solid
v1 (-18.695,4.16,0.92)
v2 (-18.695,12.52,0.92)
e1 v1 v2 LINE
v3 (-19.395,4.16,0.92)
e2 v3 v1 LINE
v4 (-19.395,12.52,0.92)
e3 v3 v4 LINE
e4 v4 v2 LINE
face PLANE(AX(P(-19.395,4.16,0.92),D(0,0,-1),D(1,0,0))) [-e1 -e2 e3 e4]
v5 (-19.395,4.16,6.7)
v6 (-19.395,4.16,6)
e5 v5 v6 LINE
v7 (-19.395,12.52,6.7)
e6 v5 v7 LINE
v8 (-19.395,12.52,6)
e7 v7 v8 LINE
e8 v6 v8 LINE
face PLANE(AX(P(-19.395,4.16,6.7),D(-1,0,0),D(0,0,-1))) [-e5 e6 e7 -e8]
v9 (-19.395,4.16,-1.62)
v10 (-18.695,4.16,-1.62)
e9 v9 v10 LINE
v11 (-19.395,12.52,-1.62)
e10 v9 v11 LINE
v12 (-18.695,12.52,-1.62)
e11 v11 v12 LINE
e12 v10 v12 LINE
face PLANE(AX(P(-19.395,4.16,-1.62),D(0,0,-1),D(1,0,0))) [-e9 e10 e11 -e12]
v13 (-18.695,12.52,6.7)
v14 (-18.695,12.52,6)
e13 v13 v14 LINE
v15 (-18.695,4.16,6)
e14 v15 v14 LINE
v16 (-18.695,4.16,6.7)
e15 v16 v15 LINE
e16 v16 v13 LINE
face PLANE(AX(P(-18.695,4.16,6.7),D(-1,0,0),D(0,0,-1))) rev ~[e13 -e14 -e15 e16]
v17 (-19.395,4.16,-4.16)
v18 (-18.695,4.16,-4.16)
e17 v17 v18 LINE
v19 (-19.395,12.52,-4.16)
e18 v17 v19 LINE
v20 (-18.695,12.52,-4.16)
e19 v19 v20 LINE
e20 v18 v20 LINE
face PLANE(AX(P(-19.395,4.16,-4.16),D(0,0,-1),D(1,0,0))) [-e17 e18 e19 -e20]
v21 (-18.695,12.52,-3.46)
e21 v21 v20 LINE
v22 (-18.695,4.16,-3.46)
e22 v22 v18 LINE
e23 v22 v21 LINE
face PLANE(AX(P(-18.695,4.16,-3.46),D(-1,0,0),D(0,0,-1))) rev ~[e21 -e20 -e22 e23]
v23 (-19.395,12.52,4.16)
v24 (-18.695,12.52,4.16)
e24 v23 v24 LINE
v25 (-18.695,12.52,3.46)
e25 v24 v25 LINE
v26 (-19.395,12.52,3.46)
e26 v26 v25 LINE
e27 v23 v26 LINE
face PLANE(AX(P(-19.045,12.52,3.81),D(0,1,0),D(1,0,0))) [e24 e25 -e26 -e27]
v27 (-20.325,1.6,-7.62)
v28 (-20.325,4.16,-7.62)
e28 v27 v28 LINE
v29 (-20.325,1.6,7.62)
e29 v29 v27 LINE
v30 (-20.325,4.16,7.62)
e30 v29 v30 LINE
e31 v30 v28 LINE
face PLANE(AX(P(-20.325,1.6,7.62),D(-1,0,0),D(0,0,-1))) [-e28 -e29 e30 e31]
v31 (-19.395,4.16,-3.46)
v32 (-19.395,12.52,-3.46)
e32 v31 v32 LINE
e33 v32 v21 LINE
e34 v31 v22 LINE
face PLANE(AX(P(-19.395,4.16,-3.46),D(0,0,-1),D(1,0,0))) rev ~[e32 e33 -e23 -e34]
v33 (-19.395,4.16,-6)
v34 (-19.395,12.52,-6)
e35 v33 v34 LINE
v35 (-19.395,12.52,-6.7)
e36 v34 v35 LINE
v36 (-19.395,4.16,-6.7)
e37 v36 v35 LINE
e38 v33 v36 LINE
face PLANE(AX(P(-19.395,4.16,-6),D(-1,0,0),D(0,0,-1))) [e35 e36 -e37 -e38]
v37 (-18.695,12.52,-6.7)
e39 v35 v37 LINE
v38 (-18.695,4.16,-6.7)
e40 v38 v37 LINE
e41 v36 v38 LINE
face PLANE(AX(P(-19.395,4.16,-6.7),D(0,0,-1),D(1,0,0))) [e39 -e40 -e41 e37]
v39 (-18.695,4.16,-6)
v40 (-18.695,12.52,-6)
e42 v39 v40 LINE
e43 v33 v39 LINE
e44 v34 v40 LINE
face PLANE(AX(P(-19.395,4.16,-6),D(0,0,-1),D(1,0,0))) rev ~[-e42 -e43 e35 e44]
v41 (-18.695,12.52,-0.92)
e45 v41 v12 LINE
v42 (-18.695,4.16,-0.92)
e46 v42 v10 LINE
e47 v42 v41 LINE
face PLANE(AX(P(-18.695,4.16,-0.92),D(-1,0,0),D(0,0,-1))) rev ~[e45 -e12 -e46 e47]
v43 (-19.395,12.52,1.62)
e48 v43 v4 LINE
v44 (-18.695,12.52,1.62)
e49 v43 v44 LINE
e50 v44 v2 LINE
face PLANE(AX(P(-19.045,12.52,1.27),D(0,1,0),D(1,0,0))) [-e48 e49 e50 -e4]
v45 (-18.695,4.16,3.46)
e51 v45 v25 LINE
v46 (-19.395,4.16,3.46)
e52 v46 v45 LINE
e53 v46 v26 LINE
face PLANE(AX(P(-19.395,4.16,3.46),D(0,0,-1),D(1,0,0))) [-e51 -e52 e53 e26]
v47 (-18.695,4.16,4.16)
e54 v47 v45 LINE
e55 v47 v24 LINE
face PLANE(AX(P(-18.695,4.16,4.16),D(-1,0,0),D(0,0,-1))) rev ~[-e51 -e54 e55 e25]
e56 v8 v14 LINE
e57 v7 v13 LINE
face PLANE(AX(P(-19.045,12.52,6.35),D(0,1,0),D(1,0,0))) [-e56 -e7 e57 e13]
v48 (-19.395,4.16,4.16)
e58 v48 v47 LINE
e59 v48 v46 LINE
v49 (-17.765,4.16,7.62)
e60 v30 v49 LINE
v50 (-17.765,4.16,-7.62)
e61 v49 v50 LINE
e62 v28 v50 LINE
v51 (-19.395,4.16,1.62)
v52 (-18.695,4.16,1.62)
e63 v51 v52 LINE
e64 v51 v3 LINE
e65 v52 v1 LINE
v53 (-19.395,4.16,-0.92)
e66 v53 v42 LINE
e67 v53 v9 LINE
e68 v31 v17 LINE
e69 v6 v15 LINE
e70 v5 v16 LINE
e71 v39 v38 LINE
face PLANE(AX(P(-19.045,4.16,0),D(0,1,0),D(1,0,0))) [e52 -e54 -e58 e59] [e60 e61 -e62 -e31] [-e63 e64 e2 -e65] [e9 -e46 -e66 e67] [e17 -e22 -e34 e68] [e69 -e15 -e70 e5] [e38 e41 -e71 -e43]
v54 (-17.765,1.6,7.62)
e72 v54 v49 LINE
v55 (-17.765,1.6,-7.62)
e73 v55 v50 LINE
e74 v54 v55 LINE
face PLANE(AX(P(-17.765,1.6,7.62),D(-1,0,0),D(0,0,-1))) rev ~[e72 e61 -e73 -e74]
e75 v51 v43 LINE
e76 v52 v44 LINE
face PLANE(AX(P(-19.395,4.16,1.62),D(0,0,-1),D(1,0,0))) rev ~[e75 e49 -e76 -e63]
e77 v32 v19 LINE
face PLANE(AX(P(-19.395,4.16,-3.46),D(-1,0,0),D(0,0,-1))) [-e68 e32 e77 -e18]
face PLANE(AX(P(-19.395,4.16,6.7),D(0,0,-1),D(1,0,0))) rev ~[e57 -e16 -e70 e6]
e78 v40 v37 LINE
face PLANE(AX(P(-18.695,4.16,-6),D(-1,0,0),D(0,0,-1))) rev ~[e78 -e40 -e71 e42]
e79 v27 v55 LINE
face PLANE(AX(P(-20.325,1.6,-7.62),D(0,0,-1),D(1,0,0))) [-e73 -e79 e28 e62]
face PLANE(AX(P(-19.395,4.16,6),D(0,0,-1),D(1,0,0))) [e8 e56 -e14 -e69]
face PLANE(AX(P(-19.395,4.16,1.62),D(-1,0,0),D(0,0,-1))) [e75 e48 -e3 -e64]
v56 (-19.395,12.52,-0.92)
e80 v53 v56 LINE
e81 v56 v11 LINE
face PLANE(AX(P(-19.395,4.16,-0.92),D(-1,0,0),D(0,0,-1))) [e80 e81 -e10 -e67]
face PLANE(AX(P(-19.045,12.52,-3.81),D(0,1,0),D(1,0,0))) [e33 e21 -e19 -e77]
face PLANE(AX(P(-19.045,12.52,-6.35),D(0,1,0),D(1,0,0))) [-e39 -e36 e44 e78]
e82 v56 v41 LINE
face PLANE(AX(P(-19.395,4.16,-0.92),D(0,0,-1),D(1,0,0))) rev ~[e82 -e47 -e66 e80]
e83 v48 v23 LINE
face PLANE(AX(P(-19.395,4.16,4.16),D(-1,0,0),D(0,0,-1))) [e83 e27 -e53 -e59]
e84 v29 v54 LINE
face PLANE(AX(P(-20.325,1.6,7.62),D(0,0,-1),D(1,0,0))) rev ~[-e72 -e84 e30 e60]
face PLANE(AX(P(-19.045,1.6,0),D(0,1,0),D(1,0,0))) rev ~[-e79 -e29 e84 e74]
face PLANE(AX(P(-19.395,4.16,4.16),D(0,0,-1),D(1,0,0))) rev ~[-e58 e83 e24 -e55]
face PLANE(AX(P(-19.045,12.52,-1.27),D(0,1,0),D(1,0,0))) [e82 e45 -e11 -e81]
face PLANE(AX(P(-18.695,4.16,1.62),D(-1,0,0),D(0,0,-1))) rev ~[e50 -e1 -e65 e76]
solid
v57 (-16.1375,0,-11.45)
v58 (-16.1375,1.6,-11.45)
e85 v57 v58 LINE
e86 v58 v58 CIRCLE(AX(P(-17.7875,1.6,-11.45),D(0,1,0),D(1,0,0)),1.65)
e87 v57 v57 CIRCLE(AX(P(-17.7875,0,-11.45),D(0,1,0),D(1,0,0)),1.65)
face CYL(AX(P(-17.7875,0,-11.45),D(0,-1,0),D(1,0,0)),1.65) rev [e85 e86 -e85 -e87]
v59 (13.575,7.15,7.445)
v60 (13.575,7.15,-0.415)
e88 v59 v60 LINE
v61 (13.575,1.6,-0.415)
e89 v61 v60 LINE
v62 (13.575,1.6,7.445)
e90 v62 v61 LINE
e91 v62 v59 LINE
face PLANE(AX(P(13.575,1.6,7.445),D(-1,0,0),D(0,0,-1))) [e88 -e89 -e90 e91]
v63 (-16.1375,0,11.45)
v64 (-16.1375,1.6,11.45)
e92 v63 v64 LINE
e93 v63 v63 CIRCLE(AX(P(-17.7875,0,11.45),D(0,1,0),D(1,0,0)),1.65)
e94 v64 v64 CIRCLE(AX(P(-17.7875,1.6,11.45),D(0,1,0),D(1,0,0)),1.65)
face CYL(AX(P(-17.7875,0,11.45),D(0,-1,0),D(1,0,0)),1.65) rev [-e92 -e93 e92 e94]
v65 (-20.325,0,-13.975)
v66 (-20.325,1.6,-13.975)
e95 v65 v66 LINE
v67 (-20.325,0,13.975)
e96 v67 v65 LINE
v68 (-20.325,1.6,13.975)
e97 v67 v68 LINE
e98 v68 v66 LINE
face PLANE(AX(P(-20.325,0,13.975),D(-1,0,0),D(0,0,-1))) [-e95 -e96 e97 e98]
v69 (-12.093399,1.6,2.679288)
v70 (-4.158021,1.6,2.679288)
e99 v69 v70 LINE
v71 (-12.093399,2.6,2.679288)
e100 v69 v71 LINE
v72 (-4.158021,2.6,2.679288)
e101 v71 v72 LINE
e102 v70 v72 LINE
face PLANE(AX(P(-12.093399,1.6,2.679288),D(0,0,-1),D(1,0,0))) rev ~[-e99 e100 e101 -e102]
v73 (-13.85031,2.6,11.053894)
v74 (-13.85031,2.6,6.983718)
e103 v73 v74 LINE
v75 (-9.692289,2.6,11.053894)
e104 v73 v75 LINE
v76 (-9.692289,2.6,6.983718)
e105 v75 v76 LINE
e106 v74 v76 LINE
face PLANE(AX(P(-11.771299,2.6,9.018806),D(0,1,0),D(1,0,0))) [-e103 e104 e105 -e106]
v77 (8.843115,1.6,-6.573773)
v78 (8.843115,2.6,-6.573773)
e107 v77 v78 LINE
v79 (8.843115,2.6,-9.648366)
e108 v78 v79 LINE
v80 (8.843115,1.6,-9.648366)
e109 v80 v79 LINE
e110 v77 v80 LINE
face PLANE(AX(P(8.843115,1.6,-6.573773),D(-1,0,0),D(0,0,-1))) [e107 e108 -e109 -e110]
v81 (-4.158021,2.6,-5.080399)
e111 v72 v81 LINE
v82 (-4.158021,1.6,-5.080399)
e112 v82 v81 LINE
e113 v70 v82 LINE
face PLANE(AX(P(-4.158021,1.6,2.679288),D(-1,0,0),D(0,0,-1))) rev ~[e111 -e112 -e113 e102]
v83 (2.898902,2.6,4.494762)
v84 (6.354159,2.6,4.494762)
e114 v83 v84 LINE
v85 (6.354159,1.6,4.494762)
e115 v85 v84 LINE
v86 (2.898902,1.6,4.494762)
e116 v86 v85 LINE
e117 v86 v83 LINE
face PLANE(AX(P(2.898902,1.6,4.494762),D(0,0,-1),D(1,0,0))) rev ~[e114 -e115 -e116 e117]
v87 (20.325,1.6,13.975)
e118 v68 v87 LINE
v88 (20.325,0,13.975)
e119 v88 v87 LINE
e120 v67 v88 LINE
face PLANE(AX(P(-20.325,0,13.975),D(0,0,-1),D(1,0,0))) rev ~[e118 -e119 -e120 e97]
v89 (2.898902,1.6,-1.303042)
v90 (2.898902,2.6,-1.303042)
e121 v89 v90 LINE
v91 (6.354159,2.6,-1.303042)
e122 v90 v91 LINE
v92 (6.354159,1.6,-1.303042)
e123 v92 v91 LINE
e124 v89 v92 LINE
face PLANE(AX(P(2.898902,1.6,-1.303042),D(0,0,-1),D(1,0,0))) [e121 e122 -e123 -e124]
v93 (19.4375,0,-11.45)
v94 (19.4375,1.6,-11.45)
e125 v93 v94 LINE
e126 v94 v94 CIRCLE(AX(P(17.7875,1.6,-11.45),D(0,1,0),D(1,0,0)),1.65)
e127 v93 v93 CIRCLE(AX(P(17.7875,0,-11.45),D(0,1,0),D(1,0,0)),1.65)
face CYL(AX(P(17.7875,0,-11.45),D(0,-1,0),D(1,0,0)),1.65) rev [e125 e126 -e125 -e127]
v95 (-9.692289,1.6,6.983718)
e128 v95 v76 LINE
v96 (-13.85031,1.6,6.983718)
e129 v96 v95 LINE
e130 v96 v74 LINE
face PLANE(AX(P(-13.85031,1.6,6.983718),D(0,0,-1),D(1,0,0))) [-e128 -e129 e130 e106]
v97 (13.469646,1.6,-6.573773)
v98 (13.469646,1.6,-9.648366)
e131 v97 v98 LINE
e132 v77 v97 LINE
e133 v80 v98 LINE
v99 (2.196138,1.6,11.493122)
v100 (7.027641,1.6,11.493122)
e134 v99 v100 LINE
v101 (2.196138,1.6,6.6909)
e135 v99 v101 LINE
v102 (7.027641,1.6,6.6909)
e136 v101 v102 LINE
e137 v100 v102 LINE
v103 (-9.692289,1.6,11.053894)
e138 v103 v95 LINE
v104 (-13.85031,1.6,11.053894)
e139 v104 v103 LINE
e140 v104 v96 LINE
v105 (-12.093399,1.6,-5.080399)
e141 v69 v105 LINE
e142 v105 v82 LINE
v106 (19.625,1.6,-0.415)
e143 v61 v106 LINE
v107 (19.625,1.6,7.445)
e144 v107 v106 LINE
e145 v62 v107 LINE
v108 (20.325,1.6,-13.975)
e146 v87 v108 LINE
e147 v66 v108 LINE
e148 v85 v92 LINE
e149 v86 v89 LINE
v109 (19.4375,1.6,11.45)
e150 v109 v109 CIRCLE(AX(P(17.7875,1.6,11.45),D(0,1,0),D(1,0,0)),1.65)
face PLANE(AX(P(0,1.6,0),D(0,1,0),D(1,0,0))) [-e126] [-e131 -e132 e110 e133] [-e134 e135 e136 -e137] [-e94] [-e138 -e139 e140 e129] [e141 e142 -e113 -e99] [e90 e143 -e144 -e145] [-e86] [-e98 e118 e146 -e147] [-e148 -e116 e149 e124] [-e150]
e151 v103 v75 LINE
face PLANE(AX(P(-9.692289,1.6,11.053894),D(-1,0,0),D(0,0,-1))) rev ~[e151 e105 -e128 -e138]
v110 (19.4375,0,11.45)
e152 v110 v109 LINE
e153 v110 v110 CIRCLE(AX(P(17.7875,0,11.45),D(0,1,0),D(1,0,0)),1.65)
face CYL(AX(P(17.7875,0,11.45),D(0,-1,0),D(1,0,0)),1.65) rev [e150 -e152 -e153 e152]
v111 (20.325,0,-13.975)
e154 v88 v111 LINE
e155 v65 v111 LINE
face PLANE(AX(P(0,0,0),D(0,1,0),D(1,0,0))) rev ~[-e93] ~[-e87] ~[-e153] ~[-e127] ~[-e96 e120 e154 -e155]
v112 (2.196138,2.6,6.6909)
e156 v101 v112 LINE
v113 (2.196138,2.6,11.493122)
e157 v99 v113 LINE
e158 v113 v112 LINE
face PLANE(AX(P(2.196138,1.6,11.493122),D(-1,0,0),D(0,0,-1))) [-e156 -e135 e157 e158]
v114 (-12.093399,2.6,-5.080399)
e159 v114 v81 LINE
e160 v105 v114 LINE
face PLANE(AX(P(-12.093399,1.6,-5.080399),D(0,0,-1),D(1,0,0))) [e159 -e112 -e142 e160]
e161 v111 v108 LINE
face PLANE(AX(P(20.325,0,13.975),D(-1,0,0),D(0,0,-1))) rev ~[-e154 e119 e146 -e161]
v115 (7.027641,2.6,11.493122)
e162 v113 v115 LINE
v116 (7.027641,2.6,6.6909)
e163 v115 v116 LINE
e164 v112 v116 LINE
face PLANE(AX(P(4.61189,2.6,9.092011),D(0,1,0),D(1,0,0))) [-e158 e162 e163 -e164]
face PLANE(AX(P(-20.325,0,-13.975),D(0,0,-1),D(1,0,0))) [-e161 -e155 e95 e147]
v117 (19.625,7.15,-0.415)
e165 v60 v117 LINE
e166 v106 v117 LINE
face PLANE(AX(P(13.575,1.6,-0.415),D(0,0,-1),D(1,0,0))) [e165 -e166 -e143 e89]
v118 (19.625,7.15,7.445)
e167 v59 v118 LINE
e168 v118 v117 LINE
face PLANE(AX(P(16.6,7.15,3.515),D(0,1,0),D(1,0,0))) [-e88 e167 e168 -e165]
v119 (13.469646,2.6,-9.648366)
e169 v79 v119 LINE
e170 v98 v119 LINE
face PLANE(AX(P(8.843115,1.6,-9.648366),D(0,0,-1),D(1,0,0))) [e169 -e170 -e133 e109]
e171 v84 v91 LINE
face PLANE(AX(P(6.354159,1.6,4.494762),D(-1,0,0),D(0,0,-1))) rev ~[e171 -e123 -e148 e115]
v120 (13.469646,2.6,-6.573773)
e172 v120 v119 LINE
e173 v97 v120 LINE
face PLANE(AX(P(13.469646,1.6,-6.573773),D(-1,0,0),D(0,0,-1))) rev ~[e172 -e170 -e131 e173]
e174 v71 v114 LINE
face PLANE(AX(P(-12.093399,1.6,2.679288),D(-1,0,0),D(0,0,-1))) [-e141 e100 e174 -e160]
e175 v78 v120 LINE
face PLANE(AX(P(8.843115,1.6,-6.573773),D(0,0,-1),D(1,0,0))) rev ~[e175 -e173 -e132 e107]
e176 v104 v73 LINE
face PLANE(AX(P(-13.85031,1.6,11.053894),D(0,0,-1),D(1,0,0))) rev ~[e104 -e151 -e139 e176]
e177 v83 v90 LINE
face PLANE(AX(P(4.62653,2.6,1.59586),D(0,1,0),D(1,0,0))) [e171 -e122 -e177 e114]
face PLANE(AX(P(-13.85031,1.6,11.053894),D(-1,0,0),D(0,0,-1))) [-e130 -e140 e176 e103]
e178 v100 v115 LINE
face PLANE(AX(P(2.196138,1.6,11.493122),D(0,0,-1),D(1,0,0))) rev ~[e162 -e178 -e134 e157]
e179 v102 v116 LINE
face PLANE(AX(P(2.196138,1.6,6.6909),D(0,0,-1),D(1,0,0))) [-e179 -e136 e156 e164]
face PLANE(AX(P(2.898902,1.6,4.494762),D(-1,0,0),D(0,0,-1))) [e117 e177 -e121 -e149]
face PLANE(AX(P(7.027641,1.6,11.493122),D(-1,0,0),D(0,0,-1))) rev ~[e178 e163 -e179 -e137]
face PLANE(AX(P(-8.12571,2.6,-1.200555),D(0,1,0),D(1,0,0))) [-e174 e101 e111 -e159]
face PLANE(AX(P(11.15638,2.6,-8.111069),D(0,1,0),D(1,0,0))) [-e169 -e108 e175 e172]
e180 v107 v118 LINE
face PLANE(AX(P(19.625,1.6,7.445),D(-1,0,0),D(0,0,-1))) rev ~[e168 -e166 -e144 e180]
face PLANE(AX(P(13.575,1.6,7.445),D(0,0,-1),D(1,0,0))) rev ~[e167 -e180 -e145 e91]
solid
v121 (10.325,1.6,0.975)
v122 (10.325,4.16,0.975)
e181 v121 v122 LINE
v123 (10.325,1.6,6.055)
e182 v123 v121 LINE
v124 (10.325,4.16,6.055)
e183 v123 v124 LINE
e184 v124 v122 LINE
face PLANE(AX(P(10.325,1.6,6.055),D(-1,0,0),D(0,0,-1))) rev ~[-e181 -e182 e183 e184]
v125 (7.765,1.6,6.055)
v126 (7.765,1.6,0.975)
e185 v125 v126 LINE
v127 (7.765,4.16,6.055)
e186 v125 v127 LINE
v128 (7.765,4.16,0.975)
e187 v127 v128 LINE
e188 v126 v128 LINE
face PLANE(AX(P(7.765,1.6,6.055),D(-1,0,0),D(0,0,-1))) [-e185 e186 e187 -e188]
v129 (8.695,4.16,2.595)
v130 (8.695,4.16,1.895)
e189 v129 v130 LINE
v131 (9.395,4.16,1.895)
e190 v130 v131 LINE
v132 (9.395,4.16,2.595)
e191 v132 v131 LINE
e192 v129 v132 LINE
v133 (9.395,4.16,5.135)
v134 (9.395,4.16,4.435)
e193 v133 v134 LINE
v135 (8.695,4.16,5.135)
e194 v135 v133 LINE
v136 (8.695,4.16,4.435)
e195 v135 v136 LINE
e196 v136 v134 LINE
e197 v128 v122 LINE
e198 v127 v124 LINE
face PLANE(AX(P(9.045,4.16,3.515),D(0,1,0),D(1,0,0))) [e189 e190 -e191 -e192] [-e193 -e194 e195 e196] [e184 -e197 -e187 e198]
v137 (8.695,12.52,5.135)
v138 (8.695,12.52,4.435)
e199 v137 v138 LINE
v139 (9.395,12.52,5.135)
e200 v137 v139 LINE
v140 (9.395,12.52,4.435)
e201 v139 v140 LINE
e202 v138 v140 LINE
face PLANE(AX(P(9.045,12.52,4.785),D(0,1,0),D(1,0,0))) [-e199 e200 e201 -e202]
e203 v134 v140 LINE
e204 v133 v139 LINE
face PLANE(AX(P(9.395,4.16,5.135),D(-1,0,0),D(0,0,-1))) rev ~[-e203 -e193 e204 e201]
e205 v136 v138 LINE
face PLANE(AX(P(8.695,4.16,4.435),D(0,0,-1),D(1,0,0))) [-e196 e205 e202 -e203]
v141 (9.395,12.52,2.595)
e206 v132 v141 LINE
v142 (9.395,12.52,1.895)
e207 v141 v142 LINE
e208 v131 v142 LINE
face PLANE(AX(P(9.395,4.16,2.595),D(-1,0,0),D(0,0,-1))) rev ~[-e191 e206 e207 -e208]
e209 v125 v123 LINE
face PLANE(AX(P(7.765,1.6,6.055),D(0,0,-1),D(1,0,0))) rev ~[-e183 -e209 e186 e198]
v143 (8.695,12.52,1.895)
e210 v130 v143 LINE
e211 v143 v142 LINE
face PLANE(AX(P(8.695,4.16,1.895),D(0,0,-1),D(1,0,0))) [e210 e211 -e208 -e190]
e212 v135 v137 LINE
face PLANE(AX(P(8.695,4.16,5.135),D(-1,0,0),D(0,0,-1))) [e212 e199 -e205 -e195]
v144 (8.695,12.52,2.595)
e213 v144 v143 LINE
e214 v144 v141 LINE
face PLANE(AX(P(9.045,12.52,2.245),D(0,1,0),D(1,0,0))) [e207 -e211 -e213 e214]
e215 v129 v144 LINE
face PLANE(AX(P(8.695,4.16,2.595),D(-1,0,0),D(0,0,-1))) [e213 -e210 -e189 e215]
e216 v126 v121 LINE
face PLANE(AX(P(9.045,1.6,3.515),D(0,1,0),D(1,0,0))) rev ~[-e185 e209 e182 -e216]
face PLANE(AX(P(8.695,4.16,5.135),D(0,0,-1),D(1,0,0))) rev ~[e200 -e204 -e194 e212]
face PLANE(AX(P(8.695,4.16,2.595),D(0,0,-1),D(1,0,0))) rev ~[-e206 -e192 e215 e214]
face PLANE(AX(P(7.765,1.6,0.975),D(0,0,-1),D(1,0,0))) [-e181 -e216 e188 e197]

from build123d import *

# Parameters (mm, degrees)
SKETCH1_W             = 40.65
SKETCH1_H             = 27.95
SKETCH1_R             = 1.65
BOSS_EXTRUDE1_DEPTH   = 1.6
SKETCH2_W             = 2.56
SKETCH2_H             = 15.24
BOSS_EXTRUDE2_DEPTH   = 2.56
SKETCH2_H_2           = 5.08
BOSS_EXTRUDE2_2_DEPTH = 2.56
SKETCH3_W             = 0.7
SKETCH3_H             = 0.7
BOSS_EXTRUDE3_DEPTH   = 8.36
SKETCH4_W             = 7.935378233
SKETCH4_H             = 7.759687203
SKETCH4_W_2           = 4.158021067
SKETCH4_H_2           = 4.070175552
SKETCH4_W_3           = 4.831503353
SKETCH4_H_3           = 4.802221514
SKETCH4_W_4           = 3.455256943
SKETCH4_H_4           = 5.797804023
SKETCH4_W_5           = 4.626530483
SKETCH4_H_5           = 3.074593043
BOSS_EXTRUDE4_DEPTH   = 1
SKETCH5_W             = 6.05
SKETCH5_H             = 7.86
BOSS_EXTRUDE5_DEPTH   = 5.55


with BuildPart() as part:
    # Sketch1 → Boss-Extrude1 (new body)
    with BuildSketch(Plane(origin=(0, 0, 0), x_dir=(1, 0, 0), z_dir=(0, 1, 0))):
        Rectangle(SKETCH1_W, SKETCH1_H)
        with Locations((17.7875, 11.45)):
            Circle(SKETCH1_R, mode=Mode.SUBTRACT)
        with Locations((-17.7875, 11.45)):
            Circle(SKETCH1_R, mode=Mode.SUBTRACT)
        with Locations((17.7875, -11.45)):
            Circle(SKETCH1_R, mode=Mode.SUBTRACT)
        with Locations((-17.7875, -11.45)):
            Circle(SKETCH1_R, mode=Mode.SUBTRACT)
    extrude(amount=BOSS_EXTRUDE1_DEPTH)

    # Sketch4 → Boss-Extrude4 (add)
    with BuildSketch(Plane(origin=(0, 1.6, 0), x_dir=(1, 0, 0), z_dir=(0, 1, 0))):
        with Locations((-8.125710184, 1.200555378)):
            Rectangle(SKETCH4_W, SKETCH4_H)
        with Locations((-11.771299077, -9.018806258)):
            Rectangle(SKETCH4_W_2, SKETCH4_H_2)
        with Locations((4.611889564, -9.092010854)):
            Rectangle(SKETCH4_W_3, SKETCH4_H_3)
        with Locations((4.626530483, -1.595860199)):
            Rectangle(SKETCH4_W_4, SKETCH4_H_4)
        with Locations((11.156380469, 8.111069265)):
            Rectangle(SKETCH4_W_5, SKETCH4_H_5)
    extrude(amount=BOSS_EXTRUDE4_DEPTH)

    # Sketch5 → Boss-Extrude5 (add)
    with BuildSketch(Plane(origin=(0, 1.6, 0), x_dir=(1, 0, 0), z_dir=(0, 1, 0))):
        with Locations((16.6, -3.515)):
            Rectangle(SKETCH5_W, SKETCH5_H)
    extrude(amount=BOSS_EXTRUDE5_DEPTH)


with BuildPart() as body_2:
    # Sketch2 → Boss-Extrude2 (new body)
    with BuildSketch(Plane(origin=(0, 1.6, 0), x_dir=(1, 0, 0), z_dir=(0, 1, 0))):
        with Locations((-19.045, 0)):
            Rectangle(SKETCH2_W, SKETCH2_H)
    extrude(amount=BOSS_EXTRUDE2_DEPTH)



with BuildPart() as body_3:
    # Sketch2 → Boss-Extrude2 2 (new body)
    with BuildSketch(Plane(origin=(0, 1.6, 0), x_dir=(1, 0, 0), z_dir=(0, 1, 0))):
        with Locations((9.045, -3.515)):
            Rectangle(SKETCH2_W, SKETCH2_H_2)
    extrude(amount=BOSS_EXTRUDE2_2_DEPTH)


with BuildPart() as body_2_1:
    add(body_2.part)

    add(body_3.part)  # Boss-Extrude3 merges body 3
    # Sketch3 → Boss-Extrude3 (add)
    with BuildSketch(Plane(origin=(0, 4.16, 0), x_dir=(1, 0, 0), z_dir=(0, 1, 0))):
        with Locations((-19.045, 3.81)):
            Rectangle(SKETCH3_W, SKETCH3_H)
        with Locations((-19.045, 6.35)):
            Rectangle(SKETCH3_W, SKETCH3_H)
        with Locations((-19.045, 1.27)):
            Rectangle(SKETCH3_W, SKETCH3_H)
        with Locations((-19.045, -1.27)):
            Rectangle(SKETCH3_W, SKETCH3_H)
        with Locations((-19.045, -3.81)):
            Rectangle(SKETCH3_W, SKETCH3_H)
        with Locations((-19.045, -6.35)):
            Rectangle(SKETCH3_W, SKETCH3_H)
        with Locations((9.045, -2.245)):
            Rectangle(SKETCH3_W, SKETCH3_H)
        with Locations((9.045, -4.785)):
            Rectangle(SKETCH3_W, SKETCH3_H)
    extrude(amount=BOSS_EXTRUDE3_DEPTH)


solid = Compound([part.part, body_2_1.part])
